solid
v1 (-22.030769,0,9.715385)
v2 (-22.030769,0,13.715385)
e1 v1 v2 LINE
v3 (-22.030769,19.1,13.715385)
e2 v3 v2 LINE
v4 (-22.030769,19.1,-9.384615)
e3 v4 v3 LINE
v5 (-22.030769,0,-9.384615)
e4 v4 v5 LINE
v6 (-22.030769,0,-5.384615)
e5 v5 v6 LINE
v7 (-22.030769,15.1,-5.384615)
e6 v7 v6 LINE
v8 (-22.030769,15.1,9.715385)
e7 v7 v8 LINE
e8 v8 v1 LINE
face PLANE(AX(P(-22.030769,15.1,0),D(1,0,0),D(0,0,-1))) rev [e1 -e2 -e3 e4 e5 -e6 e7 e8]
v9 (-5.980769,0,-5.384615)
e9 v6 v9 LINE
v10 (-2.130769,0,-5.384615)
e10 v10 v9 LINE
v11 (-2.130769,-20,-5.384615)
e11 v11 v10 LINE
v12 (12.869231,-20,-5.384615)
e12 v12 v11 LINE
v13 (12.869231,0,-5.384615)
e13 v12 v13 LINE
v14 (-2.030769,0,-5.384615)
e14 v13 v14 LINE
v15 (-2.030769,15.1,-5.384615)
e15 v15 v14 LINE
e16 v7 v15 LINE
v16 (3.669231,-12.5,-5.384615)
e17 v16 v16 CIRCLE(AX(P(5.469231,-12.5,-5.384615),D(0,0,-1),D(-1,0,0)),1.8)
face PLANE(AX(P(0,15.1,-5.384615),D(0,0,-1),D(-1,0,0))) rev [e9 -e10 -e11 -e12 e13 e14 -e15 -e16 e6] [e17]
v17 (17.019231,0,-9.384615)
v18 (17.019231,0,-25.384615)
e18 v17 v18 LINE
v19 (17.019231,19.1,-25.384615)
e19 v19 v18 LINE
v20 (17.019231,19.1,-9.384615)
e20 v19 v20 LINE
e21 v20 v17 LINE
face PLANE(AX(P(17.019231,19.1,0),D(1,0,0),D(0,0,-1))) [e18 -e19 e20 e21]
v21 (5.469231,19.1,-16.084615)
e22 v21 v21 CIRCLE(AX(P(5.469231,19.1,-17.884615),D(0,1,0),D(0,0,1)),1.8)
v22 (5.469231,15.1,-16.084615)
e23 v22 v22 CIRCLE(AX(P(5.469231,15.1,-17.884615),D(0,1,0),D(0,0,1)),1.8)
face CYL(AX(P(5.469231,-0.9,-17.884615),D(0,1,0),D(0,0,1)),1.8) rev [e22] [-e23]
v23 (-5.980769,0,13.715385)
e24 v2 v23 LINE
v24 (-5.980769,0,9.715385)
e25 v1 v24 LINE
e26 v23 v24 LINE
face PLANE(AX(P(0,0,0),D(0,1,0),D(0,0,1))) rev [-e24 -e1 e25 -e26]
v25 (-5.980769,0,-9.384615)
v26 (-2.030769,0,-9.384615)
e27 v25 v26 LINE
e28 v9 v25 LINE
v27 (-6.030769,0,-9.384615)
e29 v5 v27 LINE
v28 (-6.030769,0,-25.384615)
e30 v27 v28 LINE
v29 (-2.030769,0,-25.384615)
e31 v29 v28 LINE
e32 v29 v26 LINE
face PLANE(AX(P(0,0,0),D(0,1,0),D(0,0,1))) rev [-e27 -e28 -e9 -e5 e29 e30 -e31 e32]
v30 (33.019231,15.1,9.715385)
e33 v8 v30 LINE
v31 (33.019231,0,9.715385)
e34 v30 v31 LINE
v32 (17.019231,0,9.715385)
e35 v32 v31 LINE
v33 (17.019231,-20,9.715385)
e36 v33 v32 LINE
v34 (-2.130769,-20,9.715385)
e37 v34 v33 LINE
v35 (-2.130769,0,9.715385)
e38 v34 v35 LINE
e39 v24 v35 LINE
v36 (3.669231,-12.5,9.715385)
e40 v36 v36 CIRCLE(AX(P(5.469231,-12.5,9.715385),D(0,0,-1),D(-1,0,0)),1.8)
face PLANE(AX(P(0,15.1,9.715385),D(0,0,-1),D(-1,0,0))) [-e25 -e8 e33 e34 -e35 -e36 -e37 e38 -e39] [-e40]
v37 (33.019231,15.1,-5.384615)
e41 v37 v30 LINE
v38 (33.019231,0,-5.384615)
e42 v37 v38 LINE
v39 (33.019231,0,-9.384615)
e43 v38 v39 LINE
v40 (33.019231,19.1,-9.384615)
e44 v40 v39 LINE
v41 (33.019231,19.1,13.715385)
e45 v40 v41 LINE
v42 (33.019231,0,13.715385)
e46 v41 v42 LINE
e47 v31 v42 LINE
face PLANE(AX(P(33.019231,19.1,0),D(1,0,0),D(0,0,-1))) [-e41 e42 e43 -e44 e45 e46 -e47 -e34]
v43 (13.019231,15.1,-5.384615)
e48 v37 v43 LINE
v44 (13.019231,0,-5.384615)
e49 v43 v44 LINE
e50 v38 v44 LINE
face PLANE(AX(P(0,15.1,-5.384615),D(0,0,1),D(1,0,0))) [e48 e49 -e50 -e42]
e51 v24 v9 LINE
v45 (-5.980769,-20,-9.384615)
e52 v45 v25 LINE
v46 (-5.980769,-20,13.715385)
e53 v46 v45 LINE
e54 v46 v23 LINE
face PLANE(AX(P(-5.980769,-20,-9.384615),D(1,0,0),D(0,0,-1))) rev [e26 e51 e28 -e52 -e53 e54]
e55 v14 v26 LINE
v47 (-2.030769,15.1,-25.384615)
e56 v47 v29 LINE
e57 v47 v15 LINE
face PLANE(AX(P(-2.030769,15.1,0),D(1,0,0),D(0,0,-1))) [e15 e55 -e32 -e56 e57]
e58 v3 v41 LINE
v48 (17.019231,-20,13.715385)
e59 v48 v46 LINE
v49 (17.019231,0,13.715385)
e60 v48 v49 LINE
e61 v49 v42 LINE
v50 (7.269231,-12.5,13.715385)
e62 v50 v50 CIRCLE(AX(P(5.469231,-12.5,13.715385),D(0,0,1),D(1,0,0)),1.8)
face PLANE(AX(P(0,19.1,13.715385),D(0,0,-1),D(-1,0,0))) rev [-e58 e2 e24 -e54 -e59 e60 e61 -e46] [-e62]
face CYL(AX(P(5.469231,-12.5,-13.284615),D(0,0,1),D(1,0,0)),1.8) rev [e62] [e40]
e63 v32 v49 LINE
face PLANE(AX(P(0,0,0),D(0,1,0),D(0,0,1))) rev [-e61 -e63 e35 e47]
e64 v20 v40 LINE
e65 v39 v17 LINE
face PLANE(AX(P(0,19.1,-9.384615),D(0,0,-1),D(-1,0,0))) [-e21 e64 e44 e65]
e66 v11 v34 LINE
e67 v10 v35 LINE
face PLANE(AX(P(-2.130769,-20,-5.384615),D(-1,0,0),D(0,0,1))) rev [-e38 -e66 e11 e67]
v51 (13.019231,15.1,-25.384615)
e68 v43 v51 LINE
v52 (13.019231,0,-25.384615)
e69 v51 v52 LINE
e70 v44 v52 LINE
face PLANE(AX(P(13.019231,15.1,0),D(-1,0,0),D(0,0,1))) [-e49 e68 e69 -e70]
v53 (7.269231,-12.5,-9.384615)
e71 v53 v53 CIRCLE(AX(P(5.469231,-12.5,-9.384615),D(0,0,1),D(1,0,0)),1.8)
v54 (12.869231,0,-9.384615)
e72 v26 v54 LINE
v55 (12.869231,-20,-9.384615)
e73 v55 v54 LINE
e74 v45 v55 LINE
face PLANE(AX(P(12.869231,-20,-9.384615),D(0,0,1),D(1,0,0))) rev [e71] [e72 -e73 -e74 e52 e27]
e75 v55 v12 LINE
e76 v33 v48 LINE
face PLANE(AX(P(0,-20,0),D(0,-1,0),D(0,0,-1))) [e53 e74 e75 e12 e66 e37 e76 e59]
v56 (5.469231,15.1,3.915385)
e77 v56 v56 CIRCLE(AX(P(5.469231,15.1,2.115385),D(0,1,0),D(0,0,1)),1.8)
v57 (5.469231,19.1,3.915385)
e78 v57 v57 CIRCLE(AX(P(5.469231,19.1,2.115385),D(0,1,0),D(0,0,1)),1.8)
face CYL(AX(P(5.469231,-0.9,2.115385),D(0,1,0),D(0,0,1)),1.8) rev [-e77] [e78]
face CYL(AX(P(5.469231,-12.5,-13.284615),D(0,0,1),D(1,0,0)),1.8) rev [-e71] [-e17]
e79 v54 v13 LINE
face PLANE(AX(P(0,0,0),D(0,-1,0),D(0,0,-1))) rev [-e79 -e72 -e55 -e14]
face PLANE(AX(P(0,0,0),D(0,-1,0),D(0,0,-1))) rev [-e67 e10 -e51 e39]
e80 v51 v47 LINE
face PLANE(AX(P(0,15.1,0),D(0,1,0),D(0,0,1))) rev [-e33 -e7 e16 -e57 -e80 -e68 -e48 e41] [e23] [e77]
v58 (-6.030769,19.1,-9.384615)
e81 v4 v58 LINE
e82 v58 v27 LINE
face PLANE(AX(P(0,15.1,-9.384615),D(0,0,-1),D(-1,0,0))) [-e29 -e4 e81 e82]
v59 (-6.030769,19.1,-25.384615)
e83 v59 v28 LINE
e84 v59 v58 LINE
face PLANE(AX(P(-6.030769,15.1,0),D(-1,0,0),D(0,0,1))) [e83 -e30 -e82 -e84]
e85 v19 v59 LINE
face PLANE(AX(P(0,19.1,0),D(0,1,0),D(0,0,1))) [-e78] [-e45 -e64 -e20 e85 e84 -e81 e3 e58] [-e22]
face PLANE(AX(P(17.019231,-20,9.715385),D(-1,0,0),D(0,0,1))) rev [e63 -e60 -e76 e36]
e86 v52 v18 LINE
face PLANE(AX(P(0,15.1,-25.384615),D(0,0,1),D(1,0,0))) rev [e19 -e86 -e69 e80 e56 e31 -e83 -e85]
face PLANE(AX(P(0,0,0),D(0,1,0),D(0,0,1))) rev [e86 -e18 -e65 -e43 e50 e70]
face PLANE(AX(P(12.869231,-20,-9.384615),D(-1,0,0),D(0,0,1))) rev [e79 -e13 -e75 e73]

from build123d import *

# Parameters (mm, degrees)
EXTRUDE_1_DEPTH     = 15.1
EXTRUDE_1_2_DEPTH   = 15.1
SKETCH_1_W          = 55.05
SKETCH_1_H          = 4
EXTRUDE_1_3_DEPTH   = 15.1
SKETCH_2_W          = 4
SKETCH_2_H          = 16
SKETCH_2_W_2        = 19.05
EXTRUDE_2_DEPTH     = 4
EXTRUDE_3_DEPTH     = 20
SKETCH_4_R          = 1.8
CUT_EXTRUDE_1_DEPTH = 20
SKETCH_5_R          = 1.8
CUT_EXTRUDE_2_DEPTH = 27


with BuildPart() as part:
    # 草图1 → 凸台-拉伸1 (new body)
    with BuildSketch(Plane(origin=(0, 0, 0), x_dir=(1, 0, 0), z_dir=(0, 1, 0))):
        Polygon((-6.030769231, 9.384615385), (-22.030769231, 9.384615385), (-22.030769231, 5.384615385), (-6.030769231, 5.384615385), (-2.030769231, 5.384615385), (-2.030769231, 9.384615385), (-2.030769231, 25.384615385), (-6.030769231, 25.384615385), align=None)
    extrude(amount=EXTRUDE_1_DEPTH)



with BuildPart() as body_2:
    # 草图1 → Extrude 1 2 (new body)
    with BuildSketch(Plane(origin=(0, 0, 0), x_dir=(1, 0, 0), z_dir=(0, 1, 0))):
        Polygon((22.665384615, 5.384615385), (33.019230769, 5.384615385), (33.019230769, 9.384615385), (17.019230769, 9.384615385), (17.019230769, 25.384615385), (13.019230769, 25.384615385), (13.019230769, 8.769230769), (13.019230769, 5.384615385), align=None)
    extrude(amount=EXTRUDE_1_2_DEPTH)


with BuildPart() as body_3:
    # 草图1 → Extrude 1 3 (new body)
    with BuildSketch(Plane(origin=(0, 0, 0), x_dir=(1, 0, 0), z_dir=(0, 1, 0))):
        with Locations((5.494230769, -11.715384615)):
            Rectangle(SKETCH_1_W, SKETCH_1_H)
    extrude(amount=EXTRUDE_1_3_DEPTH)


with BuildPart() as part_1:
    add(part.part)

    add(body_2.part)  # 凸台-拉伸2 merges body 2

    add(body_3.part)  # 凸台-拉伸2 merges body 3
    # 草图2 → 凸台-拉伸2 (add)
    with BuildSketch(Plane(origin=(0, 15.1, 0), x_dir=(1, 0, 0), z_dir=(0, 1, 0))):
        with Locations((-4.030769231, 17.384615385)):
            Rectangle(SKETCH_2_W, SKETCH_2_H)
        with Locations((7.494230769, 17.384615385)):
            Rectangle(SKETCH_2_W_2, SKETCH_2_H)
        Polygon((-2.030769231, 5.384615385), (-22.030769231, 5.384615385), (-22.030769231, -13.715384615), (33.019230769, -13.715384615), (33.019230769, 9.384615385), (17.019230769, 9.384615385), (-2.030769231, 9.384615385), align=None)
        Polygon((-6.030769231, 9.384615385), (-22.030769231, 9.384615385), (-22.030769231, 5.384615385), (-2.030769231, 5.384615385), (-2.030769231, 9.384615385), align=None)
    extrude(amount=EXTRUDE_2_DEPTH)

    # 草图3 → 凸台-拉伸3 (add)
    with BuildSketch(Plane.XZ):
        Polygon((12.869230769, -9.384615385), (-5.980769231, -9.384615385), (-5.980769231, 13.715384615), (17.019230769, 13.715384615), (17.019230769, 9.715384615), (13.019230769, 9.715384615), (-2.130769231, 9.715384615), (-2.130769231, -5.384615385), (12.869230769, -5.384615385), align=None)
    extrude(amount=EXTRUDE_3_DEPTH)

    # 草图4 → 切除-拉伸1 (cut)
    with BuildSketch(Plane(origin=(0, 19.1, 0), x_dir=(1, 0, 0), z_dir=(0, 1, 0))):
        with Locations((5.469230769, 17.884615385)):
            Circle(SKETCH_4_R)
        with Locations((5.469230769, -2.115384615)):
            Circle(SKETCH_4_R)
    extrude(amount=-CUT_EXTRUDE_1_DEPTH, mode=Mode.SUBTRACT)

    # 草图5 → 切除-拉伸2 (cut)
    with BuildSketch(Plane.XY.offset(13.715384615)):
        with Locations((5.469230769, -12.5)):
            Circle(SKETCH_5_R)
    extrude(amount=-CUT_EXTRUDE_2_DEPTH, mode=Mode.SUBTRACT)


solid = part_1.part
